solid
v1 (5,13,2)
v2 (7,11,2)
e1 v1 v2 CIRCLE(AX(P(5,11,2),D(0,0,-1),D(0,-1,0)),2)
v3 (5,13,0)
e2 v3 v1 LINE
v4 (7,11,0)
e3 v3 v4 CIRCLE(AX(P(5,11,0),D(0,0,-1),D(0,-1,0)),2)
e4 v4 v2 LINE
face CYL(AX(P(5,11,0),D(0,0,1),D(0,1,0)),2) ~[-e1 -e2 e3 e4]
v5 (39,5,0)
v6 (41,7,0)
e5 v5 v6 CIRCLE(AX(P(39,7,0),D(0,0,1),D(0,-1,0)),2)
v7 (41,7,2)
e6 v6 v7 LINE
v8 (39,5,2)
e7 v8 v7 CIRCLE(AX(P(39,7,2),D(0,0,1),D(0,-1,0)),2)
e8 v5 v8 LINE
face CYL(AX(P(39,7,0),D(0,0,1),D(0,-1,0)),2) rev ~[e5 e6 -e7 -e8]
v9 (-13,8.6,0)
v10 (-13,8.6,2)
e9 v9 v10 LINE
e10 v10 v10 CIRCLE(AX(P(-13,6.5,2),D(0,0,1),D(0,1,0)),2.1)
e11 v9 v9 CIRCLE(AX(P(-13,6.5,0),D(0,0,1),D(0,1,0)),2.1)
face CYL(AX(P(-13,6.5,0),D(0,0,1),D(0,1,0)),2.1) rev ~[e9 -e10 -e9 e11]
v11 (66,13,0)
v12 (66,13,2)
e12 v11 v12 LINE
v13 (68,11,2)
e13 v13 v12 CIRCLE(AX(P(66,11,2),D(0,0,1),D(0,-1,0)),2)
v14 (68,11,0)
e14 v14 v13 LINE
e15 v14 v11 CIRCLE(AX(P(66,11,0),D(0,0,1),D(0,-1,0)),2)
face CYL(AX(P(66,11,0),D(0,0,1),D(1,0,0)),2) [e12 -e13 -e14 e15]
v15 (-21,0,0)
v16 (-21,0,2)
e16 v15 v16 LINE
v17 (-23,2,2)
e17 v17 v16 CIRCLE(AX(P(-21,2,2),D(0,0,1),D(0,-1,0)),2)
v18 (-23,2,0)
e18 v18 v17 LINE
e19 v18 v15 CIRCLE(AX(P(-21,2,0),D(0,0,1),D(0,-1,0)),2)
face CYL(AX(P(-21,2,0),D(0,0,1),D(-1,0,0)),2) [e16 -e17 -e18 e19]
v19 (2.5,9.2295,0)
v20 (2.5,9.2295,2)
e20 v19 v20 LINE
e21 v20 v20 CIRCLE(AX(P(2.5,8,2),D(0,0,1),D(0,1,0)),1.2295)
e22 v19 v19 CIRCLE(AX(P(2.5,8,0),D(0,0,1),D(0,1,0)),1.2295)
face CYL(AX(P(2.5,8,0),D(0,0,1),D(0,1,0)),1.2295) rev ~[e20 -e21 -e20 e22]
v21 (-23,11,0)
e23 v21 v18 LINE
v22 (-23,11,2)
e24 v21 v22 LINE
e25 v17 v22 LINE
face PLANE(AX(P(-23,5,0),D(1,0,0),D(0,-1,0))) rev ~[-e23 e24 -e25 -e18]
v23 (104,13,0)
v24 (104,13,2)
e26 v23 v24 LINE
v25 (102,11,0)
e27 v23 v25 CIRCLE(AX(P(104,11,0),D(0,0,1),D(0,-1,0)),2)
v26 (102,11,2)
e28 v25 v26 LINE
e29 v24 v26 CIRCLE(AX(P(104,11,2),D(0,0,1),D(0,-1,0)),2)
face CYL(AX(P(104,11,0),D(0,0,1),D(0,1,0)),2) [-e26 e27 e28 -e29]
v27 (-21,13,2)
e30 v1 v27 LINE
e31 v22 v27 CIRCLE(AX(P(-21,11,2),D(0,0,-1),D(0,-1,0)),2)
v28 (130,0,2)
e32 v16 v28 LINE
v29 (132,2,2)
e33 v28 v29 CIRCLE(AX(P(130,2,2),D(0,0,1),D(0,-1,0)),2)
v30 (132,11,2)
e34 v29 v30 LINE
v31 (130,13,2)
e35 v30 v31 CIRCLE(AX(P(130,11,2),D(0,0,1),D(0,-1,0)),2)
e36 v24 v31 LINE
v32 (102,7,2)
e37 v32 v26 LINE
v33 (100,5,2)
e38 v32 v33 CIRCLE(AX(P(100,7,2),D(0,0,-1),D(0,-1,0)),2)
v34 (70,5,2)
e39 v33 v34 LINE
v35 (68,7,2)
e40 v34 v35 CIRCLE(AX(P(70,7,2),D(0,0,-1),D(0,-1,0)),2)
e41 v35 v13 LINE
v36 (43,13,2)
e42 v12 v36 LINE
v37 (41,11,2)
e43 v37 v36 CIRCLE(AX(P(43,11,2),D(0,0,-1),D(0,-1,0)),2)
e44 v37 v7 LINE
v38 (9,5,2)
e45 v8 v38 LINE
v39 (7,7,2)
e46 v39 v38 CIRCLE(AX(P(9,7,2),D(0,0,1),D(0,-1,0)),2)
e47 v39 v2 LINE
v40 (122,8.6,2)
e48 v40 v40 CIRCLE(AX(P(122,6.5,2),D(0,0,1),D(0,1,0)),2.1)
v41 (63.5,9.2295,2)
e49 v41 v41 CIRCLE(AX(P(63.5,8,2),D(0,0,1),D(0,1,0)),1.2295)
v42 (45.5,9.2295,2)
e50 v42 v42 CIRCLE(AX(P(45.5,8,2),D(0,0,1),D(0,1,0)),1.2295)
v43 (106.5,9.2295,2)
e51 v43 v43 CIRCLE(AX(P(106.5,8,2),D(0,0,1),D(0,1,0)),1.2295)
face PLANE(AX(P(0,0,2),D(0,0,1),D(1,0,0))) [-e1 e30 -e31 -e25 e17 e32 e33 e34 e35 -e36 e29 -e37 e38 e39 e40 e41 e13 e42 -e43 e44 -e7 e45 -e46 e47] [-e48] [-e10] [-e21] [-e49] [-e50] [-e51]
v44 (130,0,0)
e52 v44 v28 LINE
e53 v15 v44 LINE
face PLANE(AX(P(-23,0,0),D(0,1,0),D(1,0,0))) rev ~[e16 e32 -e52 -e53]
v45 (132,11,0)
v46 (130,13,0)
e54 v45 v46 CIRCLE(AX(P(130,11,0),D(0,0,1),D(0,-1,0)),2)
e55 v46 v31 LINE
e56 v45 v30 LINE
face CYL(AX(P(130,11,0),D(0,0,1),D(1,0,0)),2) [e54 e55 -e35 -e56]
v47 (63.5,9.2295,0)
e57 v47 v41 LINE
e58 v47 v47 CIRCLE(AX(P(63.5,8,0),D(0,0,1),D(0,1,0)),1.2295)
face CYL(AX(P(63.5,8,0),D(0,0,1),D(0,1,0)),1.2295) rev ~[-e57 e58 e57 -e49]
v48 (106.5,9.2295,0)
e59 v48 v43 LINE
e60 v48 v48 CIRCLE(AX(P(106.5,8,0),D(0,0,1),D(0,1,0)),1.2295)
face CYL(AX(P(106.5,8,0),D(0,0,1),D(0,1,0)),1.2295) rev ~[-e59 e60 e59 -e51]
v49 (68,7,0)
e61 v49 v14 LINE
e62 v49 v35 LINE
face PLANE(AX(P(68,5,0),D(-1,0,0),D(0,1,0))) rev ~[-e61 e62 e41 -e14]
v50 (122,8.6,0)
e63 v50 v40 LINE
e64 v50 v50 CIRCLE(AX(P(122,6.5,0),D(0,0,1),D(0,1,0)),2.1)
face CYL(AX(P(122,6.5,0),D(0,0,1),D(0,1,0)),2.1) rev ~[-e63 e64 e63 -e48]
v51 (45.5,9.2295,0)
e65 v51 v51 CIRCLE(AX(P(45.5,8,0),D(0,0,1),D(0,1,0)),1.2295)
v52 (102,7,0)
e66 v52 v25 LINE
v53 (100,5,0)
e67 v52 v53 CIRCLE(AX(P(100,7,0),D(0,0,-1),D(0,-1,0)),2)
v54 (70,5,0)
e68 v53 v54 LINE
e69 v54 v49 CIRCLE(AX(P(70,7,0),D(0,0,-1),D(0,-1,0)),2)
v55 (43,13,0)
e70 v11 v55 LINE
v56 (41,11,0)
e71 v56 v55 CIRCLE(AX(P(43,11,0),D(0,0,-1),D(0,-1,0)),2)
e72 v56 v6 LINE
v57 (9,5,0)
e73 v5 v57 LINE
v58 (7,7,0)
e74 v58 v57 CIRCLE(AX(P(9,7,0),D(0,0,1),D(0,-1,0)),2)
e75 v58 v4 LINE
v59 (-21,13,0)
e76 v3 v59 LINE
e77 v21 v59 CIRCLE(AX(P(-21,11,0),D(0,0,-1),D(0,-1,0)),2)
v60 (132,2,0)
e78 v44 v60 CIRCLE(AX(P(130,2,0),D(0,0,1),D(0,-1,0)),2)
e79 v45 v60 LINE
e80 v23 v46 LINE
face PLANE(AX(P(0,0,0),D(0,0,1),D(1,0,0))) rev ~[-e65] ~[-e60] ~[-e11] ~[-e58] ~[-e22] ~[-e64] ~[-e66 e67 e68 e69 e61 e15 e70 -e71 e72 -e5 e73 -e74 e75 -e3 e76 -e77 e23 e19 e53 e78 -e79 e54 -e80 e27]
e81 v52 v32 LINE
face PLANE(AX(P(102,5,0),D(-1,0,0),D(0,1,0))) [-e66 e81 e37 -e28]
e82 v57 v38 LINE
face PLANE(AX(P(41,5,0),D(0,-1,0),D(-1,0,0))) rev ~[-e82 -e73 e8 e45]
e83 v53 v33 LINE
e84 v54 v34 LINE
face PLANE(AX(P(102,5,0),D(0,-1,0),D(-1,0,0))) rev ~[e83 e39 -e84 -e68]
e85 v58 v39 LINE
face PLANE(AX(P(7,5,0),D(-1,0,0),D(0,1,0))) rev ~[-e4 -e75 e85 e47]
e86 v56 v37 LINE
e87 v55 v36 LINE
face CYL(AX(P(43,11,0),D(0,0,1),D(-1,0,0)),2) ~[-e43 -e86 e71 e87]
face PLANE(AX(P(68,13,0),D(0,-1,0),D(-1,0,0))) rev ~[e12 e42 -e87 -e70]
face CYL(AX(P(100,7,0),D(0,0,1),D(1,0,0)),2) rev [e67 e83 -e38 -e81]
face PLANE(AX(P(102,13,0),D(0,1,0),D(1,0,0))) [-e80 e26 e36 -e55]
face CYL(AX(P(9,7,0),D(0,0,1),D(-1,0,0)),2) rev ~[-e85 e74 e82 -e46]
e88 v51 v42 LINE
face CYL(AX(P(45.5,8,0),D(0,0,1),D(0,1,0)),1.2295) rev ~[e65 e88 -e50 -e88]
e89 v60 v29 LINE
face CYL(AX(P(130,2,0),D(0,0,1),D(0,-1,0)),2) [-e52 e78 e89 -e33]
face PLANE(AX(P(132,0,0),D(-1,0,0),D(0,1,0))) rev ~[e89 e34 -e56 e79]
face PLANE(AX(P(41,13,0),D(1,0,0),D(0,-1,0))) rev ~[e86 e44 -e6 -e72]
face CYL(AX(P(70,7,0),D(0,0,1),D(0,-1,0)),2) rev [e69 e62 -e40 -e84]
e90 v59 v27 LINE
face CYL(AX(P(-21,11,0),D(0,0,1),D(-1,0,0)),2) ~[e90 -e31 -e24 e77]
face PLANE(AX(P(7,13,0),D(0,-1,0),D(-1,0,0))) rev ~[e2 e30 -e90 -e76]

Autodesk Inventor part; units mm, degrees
ref_plane "YZ Plane" through (0, 0, 0) normal (1, 0, 0) x (0, 1, 0)
ref_plane "XZ Plane" through (0, 0, 0) normal (0, 1, 0) x (-1, 0, 0)
ref_plane "XY Plane" through (0, 0, 0) normal (0, 0, 1) x (1, 0, 0)
sketch "Skizze1" plane through (0, 0, 0) normal (0, 0, 1) x (1, 0, 0)
  circle A0 centre (2.5, 77) radius 1.875 construction
  circle A1 centre (45.5, 77) radius 1.875 construction
  circle A2 centre (2.5, 8) radius 1.875 construction
  circle A3 centre (45.5, 8) radius 1.875 construction
  line L0 (-1, 5) -> (-1, 80) construction
  line L1 (49, 5) -> (-1, 5) construction
  line L2 (49, 80) -> (49, 5) construction
  line L3 (-1, 80) -> (49, 80) construction
  circle A4 centre (63.5, 77) radius 1.875 construction
  circle A5 centre (106.5, 77) radius 1.875 construction
  circle A6 centre (63.5, 8) radius 1.875 construction
  circle A7 centre (106.5, 8) radius 1.875 construction
  line L4 (60, 5) -> (60, 80) construction
  line L5 (110, 5) -> (60, 5) construction
  line L6 (110, 80) -> (110, 5) construction
  line L7 (60, 80) -> (110, 80) construction
  line L8 (-3, 0) -> (-3, 85) construction
  line L9 (-23, 0) -> (-23, 85) construction
  line L10 (-16.375, 0) -> (-21, 0) construction
  line L11 (-23, 0) -> (-21, 0) construction
  line L12 (-16.375, 0) -> (-15.575, 0) construction
  line L13 (0, 0) -> (-9.625, 0) construction
  line L14 (118.625, 85) -> (114, 85) construction
  line L15 (114, 0) -> (114, 85) construction
  line L16 (118.625, 0) -> (114, 0) construction
  line L17 (118.625, 0) -> (118.625, 85) construction
  line L18 (112, 0) -> (114, 0) construction
  line L19 (112, 0) -> (112, 85) construction
  line L20 (132, 0) -> (132, 85) construction
  line L21 (130, 0) -> (132, 0) construction
  line L22 (-23, 0) -> (132, 0)
  line L23 (132, 0) -> (132, 5)
  line L24 (132, 5) -> (-23, 5)
  line L25 (-23, 5) -> (-23, 0)
  line L26 (102, 13) -> (132, 13)
  line L27 (132, 13) -> (132, 5)
  line L28 (132, 5) -> (102, 5)
  line L29 (102, 5) -> (102, 13)
  line L30 (41, 5) -> (68, 5)
  line L31 (68, 5) -> (68, 13)
  line L32 (68, 13) -> (41, 13)
  line L33 (41, 13) -> (41, 5)
  line L34 (-23, 5) -> (7, 5)
  line L35 (7, 5) -> (7, 13)
  line L36 (7, 13) -> (-23, 13)
  line L37 (-23, 13) -> (-23, 5)
  line L38 (49, 5) -> (60, 5) construction
  line L39 (54.5, 0.9478) -> (54.5, 9.0522) construction
  line L40 (130, 0) -> (114, 0) construction
  line L41 (114, 0) -> (114, 13) construction
  line L42 (114, 13) -> (130, 13) construction
  line L43 (130, 13) -> (130, 0) construction
  line L44 (130, 0) -> (114, 13) construction
  line L45 (114, 0) -> (130, 13) construction
  line L46 (-23, 0) -> (-3, 0) construction
  line L47 (-3, 0) -> (-3, 13) construction
  line L48 (-3, 13) -> (-23, 13) construction
  line L49 (-23, 13) -> (-23, 0) construction
  line L50 (-23, 0) -> (-3, 13) construction
  line L51 (-3, 0) -> (-23, 13) construction
  point P0 (54.5, 5)
  point P1 (122, 6.5)
  point P2 (-13, 6.5)
  dimension "d0" = 8
  dimension "d1" = 8
  dimension "d2" = 8
extrude "Extrusion1" add sketch "Skizze1" along normal blind 2
sketch "Skizze2" plane through (0, 0, 0) normal (0, 0, -1) x (-1, 0, 0)
  point P0 (0, 0)
  point P1 (-106.5, 8)
  point P2 (-63.5, 8)
  point P3 (-45.5, 8)
  point P4 (-2.5, 8)
hole "Bohrung1" at (106.5, 8, 0) at (63.5, 8, 0) at (45.5, 8, 0) at (2.5, 8, 0) direction (0, 0, 1) diameter 2.459 end through all thread size "M3x0.5" class "6H" standard "ANSI Metric M Profile"
fillet "Rundung1" radius 2 12 edges at (102, 5, 1) (102, 13, 1) (68, 5, 1) (68, 13, 1) (41, 13, 1) (41, 5, 1) (7, 5, 1) (7, 13, 1) (-23, 13, 1) (-23, 0, 1) (132, 0, 1) (132, 13, 1)
sketch "Skizze3" plane through (0, 0, 0) normal (0, 0, -1) x (-1, 0, 0)
  point P0 (0, 0)
  point P1 (13, 6.5)
  point P2 (-122, 6.5)
hole "Bohrung2" at (-13, 6.5, 0) at (122, 6.5, 0) direction (0, 0, 1) diameter 4.2 end through all
properties part number "DriverMount" material "Aluminium 6061"
